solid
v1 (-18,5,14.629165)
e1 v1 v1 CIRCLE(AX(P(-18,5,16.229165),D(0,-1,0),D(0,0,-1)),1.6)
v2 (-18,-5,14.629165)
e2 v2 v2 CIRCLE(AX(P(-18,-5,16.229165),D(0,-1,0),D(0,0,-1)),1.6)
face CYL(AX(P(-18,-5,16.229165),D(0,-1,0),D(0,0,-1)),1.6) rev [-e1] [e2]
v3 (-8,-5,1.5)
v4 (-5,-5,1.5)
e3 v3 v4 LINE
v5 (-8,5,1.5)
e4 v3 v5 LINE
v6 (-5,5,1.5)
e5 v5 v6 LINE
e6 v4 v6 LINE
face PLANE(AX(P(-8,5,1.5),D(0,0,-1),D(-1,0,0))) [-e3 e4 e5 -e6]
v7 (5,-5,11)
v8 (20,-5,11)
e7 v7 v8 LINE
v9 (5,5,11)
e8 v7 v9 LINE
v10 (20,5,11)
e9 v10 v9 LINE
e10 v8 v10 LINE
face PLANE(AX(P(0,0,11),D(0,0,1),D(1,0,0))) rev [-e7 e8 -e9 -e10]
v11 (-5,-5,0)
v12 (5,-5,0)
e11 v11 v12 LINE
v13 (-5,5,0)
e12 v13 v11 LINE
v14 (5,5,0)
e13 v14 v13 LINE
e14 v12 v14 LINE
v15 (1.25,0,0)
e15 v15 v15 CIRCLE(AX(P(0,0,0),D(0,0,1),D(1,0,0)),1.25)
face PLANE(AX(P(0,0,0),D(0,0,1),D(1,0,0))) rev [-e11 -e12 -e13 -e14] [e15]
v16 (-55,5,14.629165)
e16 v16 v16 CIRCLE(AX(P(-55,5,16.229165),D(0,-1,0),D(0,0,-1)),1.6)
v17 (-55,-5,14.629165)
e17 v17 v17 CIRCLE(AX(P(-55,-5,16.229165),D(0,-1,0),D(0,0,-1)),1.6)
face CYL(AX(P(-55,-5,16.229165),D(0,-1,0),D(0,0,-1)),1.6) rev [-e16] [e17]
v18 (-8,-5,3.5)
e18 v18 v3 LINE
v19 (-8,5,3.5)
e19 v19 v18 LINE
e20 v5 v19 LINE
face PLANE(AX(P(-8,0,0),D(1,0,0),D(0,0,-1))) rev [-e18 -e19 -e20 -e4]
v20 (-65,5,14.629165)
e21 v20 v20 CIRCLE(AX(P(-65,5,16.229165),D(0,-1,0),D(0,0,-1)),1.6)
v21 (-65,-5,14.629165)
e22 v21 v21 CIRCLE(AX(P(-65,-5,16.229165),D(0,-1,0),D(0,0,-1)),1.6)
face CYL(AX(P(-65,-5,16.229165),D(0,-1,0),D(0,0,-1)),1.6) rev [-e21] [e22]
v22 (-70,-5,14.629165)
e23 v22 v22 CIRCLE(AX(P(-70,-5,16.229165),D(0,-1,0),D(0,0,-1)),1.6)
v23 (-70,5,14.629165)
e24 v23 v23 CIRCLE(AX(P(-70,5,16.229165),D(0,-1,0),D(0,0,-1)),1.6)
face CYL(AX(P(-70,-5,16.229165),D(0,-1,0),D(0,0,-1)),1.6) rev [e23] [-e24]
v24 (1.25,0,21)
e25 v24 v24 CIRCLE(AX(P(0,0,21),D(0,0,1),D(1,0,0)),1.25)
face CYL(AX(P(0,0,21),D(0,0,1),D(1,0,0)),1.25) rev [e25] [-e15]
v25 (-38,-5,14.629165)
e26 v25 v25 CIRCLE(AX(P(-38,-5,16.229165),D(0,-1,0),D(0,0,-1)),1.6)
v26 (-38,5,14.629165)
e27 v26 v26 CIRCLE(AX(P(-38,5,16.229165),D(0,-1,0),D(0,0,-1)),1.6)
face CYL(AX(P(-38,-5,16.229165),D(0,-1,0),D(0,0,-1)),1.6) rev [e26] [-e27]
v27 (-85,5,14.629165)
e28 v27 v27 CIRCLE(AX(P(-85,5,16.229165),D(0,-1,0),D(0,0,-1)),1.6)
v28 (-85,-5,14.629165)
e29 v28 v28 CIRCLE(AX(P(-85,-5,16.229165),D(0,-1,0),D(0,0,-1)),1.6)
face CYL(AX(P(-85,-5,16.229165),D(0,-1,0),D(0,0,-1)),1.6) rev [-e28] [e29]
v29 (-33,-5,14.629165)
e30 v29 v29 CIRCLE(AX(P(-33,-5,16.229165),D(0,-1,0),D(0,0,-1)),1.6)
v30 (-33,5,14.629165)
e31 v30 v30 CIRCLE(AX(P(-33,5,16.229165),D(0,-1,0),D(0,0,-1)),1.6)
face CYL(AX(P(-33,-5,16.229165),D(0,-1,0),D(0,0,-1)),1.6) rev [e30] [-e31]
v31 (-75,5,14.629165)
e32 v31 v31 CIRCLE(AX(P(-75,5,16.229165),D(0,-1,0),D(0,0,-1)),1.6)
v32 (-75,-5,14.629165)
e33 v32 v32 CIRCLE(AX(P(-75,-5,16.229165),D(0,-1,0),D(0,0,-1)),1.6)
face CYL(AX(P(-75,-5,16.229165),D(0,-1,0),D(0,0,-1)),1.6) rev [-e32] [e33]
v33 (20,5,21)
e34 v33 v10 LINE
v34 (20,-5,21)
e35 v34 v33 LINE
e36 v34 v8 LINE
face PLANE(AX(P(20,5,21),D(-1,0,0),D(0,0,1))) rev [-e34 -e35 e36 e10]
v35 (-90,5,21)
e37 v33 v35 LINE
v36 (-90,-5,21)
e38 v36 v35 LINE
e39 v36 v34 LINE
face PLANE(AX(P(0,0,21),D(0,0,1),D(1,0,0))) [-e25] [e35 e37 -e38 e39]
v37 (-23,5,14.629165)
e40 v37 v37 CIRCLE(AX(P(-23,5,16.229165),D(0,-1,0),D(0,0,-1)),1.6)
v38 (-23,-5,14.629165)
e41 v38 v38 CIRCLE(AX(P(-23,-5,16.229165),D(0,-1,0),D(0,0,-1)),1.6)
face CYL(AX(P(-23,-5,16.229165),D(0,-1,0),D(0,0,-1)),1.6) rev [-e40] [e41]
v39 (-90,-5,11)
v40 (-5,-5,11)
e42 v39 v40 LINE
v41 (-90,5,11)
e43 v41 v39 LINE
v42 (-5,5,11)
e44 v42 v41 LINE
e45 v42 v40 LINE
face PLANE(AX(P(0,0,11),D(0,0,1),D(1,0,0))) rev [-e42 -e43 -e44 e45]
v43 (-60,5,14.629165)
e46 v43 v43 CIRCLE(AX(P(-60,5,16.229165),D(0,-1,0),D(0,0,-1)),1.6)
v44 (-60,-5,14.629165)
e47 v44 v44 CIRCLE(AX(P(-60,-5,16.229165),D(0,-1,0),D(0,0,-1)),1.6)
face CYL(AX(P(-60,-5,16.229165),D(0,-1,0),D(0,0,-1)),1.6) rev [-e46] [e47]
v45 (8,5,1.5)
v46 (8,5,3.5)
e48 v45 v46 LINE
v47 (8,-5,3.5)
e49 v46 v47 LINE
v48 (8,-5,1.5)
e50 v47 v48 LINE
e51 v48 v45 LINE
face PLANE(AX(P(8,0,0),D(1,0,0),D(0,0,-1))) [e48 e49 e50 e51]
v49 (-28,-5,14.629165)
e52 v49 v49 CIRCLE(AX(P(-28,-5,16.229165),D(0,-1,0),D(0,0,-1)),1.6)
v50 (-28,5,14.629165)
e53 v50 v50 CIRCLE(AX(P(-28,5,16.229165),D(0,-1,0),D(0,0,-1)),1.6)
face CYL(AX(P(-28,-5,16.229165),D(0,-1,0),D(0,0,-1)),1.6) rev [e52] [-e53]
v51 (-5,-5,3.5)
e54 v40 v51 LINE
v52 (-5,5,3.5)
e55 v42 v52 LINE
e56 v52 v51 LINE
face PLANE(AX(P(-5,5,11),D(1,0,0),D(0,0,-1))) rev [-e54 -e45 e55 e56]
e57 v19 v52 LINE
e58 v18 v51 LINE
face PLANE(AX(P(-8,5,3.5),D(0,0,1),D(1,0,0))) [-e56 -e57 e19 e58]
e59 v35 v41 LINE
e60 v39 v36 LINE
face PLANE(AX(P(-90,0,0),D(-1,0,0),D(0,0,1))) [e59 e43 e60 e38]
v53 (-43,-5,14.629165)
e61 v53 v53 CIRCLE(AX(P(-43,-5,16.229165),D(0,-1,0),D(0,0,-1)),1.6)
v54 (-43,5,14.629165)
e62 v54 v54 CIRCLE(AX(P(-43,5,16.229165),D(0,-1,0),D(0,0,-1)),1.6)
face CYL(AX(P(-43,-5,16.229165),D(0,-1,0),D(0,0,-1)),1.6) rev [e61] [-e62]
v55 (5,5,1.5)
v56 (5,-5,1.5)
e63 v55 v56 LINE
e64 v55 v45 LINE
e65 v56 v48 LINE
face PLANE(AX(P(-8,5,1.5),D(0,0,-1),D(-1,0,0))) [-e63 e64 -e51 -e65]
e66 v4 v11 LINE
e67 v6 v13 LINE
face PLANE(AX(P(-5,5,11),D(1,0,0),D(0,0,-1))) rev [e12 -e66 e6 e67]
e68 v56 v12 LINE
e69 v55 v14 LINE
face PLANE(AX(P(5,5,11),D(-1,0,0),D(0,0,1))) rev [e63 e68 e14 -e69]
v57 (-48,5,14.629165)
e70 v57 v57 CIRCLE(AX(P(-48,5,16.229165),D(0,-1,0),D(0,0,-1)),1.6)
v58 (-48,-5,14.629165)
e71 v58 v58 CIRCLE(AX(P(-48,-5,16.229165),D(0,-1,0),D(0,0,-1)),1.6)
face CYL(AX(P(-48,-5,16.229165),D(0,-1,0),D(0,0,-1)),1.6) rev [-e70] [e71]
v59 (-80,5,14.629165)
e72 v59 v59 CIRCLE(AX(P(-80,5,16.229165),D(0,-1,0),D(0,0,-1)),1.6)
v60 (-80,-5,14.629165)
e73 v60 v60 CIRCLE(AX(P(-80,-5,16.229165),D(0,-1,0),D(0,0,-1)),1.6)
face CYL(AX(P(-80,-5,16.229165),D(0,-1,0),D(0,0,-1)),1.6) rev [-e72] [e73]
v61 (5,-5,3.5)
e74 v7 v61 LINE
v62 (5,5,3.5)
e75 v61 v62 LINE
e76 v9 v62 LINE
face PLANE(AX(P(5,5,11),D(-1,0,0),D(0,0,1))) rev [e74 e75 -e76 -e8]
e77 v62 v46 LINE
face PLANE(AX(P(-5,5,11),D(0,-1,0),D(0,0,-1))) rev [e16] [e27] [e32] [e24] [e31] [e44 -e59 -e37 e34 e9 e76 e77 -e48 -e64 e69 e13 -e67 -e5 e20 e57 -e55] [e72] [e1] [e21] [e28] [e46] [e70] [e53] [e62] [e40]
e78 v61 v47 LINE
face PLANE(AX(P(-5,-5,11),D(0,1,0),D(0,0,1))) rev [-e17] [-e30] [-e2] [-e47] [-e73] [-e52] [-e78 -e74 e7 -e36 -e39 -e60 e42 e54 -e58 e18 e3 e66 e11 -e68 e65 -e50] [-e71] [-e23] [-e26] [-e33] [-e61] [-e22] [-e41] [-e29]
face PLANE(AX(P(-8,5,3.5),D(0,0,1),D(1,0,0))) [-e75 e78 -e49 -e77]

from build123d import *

# Parameters (mm, degrees)
SKETCH1_W                  = 10
SKETCH1_H                  = 10
BOSS_EXTRUDE1_DEPTH        = 11
SKETCH2_W                  = 2
SKETCH2_H                  = 10
BOSS_EXTRUDE2_DEPTH        = 3
BOSS_EXTRUDE2_DEPTH_BACK   = 13
SKETCH3_W                  = 40
SKETCH3_H                  = 10
BOSS_EXTRUDE3_DEPTH        = 10
SKETCH5_W                  = 10
SKETCH5_H                  = 10
BOSS_EXTRUDE4_DEPTH        = 70
F_2_5MM_DOWEL_SLOT1_D      = 2.5
F_3_2_3_2_DIAMETER_SLOT2_D = 3.2


with BuildPart() as part:
    # Sketch1 → Boss-Extrude1 (new body)
    with BuildSketch(Plane.XY):
        Rectangle(SKETCH1_W, SKETCH1_H)
    extrude(amount=BOSS_EXTRUDE1_DEPTH)

    # Sketch2 → Boss-Extrude2 (add, two sides)
    with BuildSketch(Plane(origin=(5, 0, 0), x_dir=(0, 0, -1), z_dir=(1, 0, 0))) as boss_extrude2_sk:
        with Locations((-2.5, 0)):
            Rectangle(SKETCH2_W, SKETCH2_H)
    extrude(amount=BOSS_EXTRUDE2_DEPTH)
    extrude(boss_extrude2_sk.sketch, amount=-BOSS_EXTRUDE2_DEPTH_BACK)

    # Sketch3 → Boss-Extrude3 (add)
    with BuildSketch(Plane.XY.offset(11)):
        Rectangle(SKETCH3_W, SKETCH3_H)
    extrude(amount=BOSS_EXTRUDE3_DEPTH)

    # Sketch5 → Boss-Extrude4 (add)
    with BuildSketch(Plane.ZY.offset(20)):
        with Locations((16, 0)):
            Rectangle(SKETCH5_W, SKETCH5_H)
    extrude(amount=BOSS_EXTRUDE4_DEPTH)

    # Ø2.5mm Dowel Slot1 (through all)
    with Locations(Plane.XY.offset(21)):
        with Locations((0, 0)):
            Hole(F_2_5MM_DOWEL_SLOT1_D / 2)

    # Ø3.2 (3.2) Diameter Slot2 (through all)
    with Locations(Plane(origin=(0, -5, 0), x_dir=(-1, 0, 0), z_dir=(0, -1, 0))):
        with Locations((85, -16.229165357), (80, -16.229165357), (48, -16.229165357), (43, -16.229165357), (75, -16.229165357), (70, -16.229165357), (65, -16.229165357), (60, -16.229165357), (38, -16.229165357), (33, -16.229165357), (28, -16.229165357), (23, -16.229165357), (55, -16.229165357), (18, -16.229165357)):
            Hole(F_3_2_3_2_DIAMETER_SLOT2_D / 2)


solid = part.part
